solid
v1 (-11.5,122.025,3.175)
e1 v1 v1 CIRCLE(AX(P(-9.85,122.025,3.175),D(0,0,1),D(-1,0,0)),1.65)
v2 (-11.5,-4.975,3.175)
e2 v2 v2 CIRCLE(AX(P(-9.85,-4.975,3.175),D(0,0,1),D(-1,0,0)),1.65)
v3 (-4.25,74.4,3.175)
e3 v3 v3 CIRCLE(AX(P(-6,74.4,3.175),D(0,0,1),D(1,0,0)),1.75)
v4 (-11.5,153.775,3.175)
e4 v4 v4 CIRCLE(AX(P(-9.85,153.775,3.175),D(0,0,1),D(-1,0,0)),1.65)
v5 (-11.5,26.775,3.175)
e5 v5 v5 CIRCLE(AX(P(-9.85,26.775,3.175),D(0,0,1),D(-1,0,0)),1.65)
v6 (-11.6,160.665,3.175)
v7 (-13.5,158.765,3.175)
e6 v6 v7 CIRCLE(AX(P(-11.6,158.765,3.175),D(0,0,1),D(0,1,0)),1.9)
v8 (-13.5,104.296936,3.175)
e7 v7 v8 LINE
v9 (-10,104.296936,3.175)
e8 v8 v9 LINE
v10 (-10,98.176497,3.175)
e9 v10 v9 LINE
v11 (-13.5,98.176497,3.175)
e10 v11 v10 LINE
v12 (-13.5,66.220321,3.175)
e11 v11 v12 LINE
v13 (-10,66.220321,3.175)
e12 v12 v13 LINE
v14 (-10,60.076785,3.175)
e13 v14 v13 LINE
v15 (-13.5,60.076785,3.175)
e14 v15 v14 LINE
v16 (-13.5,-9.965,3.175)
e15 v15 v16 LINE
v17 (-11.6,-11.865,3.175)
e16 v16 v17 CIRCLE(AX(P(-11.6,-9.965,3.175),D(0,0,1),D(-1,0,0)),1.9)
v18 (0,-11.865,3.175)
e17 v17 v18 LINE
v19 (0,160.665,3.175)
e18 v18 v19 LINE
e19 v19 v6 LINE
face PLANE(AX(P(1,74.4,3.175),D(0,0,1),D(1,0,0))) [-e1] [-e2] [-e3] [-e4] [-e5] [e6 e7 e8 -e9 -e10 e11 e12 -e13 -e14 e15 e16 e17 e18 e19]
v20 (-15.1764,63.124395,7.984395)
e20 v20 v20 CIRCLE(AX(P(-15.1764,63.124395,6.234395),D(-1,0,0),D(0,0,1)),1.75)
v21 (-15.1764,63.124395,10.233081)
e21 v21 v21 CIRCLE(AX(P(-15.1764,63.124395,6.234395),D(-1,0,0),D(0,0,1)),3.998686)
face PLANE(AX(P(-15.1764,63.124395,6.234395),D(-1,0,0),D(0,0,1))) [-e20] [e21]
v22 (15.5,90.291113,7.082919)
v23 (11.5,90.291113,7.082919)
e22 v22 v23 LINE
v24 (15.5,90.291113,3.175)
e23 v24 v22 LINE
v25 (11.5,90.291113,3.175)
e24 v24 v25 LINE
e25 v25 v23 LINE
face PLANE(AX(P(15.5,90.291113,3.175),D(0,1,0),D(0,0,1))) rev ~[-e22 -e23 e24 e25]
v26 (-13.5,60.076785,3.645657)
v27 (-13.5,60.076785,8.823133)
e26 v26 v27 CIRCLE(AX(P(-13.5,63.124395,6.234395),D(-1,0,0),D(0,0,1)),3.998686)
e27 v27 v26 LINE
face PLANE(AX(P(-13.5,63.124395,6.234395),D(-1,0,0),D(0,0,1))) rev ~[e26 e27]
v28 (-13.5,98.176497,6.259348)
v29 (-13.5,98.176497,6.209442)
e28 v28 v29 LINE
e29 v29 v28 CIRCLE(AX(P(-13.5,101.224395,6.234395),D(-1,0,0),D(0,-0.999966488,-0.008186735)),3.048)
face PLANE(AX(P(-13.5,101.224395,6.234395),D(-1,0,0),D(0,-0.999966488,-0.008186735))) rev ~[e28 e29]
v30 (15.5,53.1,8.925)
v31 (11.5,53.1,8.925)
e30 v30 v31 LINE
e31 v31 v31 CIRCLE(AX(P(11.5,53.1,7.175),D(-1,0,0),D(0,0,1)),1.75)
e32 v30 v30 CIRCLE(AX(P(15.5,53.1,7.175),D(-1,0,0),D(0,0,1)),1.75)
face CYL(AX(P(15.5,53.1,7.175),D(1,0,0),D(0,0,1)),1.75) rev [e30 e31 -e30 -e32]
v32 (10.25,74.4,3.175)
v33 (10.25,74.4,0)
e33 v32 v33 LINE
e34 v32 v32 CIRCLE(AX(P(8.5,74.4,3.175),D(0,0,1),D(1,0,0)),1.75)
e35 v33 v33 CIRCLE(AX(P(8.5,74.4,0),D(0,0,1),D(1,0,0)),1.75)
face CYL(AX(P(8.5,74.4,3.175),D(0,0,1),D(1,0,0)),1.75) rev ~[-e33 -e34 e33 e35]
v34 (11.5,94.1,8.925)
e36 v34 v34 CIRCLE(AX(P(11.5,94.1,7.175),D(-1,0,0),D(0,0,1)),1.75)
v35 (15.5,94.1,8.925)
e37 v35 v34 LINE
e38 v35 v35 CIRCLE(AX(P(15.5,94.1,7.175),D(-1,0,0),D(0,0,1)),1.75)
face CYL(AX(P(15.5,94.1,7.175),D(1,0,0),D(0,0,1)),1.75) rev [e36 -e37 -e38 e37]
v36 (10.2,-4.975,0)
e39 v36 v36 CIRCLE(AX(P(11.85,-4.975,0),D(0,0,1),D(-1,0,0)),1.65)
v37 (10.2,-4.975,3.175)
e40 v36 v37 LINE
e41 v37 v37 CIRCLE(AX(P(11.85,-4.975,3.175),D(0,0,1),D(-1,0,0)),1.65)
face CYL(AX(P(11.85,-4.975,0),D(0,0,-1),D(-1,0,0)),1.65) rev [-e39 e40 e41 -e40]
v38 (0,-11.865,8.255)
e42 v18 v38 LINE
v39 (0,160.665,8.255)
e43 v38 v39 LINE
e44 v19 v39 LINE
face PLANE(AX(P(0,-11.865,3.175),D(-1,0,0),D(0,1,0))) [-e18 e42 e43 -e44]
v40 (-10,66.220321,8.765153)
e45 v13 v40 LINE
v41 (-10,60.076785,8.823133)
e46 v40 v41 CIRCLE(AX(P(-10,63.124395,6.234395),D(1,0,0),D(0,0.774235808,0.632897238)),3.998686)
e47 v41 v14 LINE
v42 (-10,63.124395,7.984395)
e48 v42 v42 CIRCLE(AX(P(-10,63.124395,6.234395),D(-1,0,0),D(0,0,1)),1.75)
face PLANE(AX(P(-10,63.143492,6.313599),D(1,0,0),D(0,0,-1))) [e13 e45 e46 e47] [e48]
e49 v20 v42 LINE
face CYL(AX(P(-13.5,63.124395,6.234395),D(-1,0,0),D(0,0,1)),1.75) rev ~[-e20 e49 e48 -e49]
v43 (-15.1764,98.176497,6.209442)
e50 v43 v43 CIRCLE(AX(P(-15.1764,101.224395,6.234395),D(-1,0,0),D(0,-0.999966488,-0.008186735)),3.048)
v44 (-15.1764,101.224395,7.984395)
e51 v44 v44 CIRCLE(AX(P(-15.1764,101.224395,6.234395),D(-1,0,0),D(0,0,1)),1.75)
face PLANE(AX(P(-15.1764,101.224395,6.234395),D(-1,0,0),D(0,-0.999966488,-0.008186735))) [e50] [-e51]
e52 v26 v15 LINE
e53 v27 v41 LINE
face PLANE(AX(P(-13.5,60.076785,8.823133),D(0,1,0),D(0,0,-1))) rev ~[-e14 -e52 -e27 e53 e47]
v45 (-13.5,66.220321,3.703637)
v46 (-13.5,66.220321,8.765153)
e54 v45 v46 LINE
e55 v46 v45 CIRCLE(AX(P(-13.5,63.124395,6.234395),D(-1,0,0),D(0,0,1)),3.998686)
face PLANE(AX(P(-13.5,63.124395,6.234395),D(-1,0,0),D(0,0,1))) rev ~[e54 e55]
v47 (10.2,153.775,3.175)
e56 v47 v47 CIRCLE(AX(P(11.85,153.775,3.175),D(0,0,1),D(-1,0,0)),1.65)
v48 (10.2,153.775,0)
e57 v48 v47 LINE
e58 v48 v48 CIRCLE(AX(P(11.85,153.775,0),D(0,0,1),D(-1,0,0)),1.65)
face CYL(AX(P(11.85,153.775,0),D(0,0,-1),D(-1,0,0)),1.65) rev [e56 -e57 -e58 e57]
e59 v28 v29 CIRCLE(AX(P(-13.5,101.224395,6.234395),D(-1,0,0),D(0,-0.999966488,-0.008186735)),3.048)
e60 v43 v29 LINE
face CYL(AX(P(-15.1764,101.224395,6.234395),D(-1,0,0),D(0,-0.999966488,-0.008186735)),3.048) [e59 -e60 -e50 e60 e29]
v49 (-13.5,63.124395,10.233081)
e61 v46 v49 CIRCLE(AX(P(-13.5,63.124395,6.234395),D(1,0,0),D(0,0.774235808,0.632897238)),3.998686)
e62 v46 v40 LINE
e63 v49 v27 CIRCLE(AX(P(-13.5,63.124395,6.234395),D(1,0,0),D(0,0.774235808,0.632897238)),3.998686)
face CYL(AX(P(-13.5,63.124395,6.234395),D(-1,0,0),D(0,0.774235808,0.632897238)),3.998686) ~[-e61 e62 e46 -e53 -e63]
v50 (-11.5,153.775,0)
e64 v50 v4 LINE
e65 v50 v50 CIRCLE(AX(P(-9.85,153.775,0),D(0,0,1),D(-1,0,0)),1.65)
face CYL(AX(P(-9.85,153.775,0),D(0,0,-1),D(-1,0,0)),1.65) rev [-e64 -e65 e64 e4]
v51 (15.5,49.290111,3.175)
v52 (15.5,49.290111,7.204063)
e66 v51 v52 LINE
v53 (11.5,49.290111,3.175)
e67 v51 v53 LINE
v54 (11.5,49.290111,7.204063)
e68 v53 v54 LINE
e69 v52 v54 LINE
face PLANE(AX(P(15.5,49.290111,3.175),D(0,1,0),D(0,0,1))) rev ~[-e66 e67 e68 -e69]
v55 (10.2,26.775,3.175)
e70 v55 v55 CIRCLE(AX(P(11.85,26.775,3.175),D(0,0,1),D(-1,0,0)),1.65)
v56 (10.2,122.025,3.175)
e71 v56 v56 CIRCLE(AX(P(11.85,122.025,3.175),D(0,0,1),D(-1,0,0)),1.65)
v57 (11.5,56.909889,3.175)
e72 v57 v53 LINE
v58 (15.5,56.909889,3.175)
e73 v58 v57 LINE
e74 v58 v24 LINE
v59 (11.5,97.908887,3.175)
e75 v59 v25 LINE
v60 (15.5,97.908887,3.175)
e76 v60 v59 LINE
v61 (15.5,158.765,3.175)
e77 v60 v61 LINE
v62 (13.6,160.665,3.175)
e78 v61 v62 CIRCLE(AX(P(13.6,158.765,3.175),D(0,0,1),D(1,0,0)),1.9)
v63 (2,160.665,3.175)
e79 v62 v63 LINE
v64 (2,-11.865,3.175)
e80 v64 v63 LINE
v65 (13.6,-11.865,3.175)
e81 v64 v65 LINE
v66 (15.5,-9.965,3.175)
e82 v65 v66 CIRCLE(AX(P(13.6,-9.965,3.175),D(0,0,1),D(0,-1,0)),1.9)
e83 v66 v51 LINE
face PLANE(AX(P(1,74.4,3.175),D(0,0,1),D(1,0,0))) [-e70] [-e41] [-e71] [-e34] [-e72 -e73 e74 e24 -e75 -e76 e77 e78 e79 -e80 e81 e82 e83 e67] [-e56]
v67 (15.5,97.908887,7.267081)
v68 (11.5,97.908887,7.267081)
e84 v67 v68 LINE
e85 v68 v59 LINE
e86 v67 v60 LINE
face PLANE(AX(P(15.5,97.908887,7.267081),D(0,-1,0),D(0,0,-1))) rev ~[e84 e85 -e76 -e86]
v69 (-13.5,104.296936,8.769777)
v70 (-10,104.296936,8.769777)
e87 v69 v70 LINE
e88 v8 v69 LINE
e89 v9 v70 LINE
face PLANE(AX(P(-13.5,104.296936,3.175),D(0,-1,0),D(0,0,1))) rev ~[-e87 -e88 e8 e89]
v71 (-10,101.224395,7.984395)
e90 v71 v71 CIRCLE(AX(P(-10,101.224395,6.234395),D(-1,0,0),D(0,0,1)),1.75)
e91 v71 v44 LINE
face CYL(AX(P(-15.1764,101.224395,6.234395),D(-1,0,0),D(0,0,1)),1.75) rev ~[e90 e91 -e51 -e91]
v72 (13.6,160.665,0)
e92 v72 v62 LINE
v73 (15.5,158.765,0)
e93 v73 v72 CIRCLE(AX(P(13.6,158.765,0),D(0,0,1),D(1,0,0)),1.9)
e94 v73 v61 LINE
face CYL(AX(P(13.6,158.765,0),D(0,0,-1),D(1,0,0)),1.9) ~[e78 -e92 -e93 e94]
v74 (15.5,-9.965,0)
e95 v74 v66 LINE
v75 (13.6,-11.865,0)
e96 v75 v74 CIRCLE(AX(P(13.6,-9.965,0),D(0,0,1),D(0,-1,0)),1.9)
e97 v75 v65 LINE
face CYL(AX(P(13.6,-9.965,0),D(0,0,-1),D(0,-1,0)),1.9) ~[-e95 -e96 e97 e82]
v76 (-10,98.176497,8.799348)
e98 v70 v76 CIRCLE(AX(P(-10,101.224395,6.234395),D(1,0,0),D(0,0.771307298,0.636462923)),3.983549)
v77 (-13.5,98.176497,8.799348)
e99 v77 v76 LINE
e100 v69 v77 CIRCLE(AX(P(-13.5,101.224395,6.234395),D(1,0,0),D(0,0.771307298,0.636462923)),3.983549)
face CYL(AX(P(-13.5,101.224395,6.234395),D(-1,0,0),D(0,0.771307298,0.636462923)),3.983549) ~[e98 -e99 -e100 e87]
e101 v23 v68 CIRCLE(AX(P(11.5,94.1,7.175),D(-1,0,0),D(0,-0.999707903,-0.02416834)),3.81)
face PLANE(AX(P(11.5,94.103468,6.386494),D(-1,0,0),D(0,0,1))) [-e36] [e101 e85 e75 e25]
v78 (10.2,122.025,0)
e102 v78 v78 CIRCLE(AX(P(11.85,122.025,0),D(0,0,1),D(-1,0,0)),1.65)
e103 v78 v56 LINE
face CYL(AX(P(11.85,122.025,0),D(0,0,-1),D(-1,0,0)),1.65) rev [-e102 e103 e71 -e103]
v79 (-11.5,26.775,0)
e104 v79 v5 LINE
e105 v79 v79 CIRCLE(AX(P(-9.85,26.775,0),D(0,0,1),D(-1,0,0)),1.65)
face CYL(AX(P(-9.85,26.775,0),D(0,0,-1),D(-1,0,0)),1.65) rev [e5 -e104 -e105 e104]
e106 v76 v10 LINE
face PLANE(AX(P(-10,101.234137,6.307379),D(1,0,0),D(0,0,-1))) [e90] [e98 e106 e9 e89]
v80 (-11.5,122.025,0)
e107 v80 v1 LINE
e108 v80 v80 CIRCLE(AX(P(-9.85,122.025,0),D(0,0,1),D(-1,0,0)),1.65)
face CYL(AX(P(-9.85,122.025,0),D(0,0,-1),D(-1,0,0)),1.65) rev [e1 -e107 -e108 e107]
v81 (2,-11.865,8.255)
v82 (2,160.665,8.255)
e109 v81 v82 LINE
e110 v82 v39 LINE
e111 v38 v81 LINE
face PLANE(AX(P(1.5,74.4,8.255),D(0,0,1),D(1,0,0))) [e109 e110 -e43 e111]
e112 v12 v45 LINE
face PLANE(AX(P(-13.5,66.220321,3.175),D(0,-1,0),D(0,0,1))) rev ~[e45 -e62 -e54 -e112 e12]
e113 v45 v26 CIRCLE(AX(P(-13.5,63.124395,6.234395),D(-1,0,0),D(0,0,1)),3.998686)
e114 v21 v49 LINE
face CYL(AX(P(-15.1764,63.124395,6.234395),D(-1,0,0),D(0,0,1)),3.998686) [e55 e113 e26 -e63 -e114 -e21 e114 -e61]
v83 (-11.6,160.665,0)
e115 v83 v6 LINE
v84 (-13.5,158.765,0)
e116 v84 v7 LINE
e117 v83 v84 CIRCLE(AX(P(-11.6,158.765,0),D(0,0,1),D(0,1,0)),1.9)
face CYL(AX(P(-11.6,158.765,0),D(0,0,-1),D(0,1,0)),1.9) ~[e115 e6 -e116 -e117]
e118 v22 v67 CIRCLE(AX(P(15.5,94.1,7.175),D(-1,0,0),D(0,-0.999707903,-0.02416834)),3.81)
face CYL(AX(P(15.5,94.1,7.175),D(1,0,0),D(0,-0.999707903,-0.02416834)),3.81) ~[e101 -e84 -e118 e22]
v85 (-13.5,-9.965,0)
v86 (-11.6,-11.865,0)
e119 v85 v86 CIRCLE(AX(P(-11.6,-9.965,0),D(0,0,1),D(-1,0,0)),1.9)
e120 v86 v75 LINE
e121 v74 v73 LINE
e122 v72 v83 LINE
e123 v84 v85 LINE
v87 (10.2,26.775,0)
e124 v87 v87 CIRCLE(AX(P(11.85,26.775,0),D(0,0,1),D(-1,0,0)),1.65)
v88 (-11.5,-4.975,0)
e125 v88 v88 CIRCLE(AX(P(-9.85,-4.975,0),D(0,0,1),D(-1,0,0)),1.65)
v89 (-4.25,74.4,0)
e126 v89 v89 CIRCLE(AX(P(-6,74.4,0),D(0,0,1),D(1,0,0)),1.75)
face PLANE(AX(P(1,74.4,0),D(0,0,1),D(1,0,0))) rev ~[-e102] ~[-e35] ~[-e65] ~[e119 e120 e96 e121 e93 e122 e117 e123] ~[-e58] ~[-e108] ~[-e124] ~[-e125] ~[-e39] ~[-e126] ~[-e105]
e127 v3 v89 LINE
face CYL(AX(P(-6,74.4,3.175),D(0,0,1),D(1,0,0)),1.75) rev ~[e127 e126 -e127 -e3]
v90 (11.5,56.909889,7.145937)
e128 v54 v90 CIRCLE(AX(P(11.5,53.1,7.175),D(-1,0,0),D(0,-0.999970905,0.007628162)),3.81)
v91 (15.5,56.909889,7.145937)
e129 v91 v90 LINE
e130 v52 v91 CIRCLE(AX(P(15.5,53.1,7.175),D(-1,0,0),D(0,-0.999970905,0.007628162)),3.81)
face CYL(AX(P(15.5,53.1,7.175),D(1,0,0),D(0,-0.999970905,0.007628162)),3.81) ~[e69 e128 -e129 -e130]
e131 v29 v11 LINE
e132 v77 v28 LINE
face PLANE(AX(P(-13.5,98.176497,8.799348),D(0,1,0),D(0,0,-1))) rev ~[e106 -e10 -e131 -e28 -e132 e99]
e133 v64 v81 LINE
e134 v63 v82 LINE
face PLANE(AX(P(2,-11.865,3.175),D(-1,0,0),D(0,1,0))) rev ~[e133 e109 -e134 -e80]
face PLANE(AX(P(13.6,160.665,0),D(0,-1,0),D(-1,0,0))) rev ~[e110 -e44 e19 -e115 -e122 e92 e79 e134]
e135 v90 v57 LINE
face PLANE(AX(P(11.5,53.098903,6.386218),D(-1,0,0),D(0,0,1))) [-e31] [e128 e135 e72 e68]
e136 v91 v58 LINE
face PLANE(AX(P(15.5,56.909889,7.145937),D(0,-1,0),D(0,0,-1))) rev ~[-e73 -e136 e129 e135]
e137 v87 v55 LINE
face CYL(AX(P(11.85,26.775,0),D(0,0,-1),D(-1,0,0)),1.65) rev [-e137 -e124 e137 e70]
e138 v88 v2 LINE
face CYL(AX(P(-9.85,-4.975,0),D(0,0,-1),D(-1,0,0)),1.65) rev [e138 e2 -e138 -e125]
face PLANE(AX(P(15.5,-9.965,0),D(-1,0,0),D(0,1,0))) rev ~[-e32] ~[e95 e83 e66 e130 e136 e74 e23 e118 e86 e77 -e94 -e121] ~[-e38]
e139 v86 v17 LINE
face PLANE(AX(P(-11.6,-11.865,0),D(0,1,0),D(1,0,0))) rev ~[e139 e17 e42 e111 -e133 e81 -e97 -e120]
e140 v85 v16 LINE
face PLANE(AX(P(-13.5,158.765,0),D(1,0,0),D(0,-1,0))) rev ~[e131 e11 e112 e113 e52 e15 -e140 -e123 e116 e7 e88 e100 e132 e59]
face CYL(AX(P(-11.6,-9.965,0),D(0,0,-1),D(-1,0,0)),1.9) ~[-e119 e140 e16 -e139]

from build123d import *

# Parameters (mm, degrees)
SKETCH1_R           = 1.65
BOSS_EXTRUDE1_DEPTH = 3.175
SKETCH2_W           = 1
SKETCH2_H           = 172.53
BOSS_EXTRUDE2_DEPTH = 5.08
SKETCH4_R           = 1.75
BOSS_EXTRUDE3_DEPTH = 3.5
BOSS_EXTRUDE4_START = 1.6764
SKETCH5_R           = 3.048
SKETCH5_R_2         = 1.75
SKETCH5_R_3         = 3.998686497
BOSS_EXTRUDE4_DEPTH = 1.6764
SKETCH6_R           = 1.75
BOSS_EXTRUDE5_DEPTH = 4
SKETCH7_R           = 1.75
CUT_EXTRUDE1_DEPTH  = 4.54
SKETCH8_R           = 1.75
CUT_EXTRUDE2_DEPTH  = 162.599778233


with BuildPart() as part:
    # Sketch1 → Boss-Extrude1 (new body)
    with BuildSketch(Plane.XY):
        with BuildLine():
            Line((13.6, 160.665), (-11.6, 160.665))
            ThreePointArc((-11.6, 160.665), (-12.943502884, 160.108502884), (-13.5, 158.765))
            Line((-13.5, 158.765), (-13.5, -9.965))
            ThreePointArc((-13.5, -9.965), (-12.943502884, -11.308502884), (-11.6, -11.865))
            Line((-11.6, -11.865), (13.6, -11.865))
            ThreePointArc((13.6, -11.865), (14.943502884, -11.308502884), (15.5, -9.965))
            Line((15.5, -9.965), (15.5, 158.765))
            ThreePointArc((15.5, 158.765), (14.943502884, 160.108502884), (13.6, 160.665))
        make_face()
        with Locations(Location((-9.85, -4.975, 0), (0, 0, 180))):
            Circle(SKETCH1_R, mode=Mode.SUBTRACT)
        with Locations(Location((-9.85, 26.775, 0), (0, 0, 180))):
            Circle(SKETCH1_R, mode=Mode.SUBTRACT)
        with Locations(Location((11.85, -4.975, 0), (0, 0, 180))):
            Circle(SKETCH1_R, mode=Mode.SUBTRACT)
        with Locations(Location((11.85, 26.775, 0), (0, 0, 180))):
            Circle(SKETCH1_R, mode=Mode.SUBTRACT)
        with Locations(Location((-9.85, 122.025, 0), (0, 0, 180))):
            Circle(SKETCH1_R, mode=Mode.SUBTRACT)
        with Locations(Location((-9.85, 153.775, 0), (0, 0, 180))):
            Circle(SKETCH1_R, mode=Mode.SUBTRACT)
        with Locations(Location((11.85, 122.025, 0), (0, 0, 180))):
            Circle(SKETCH1_R, mode=Mode.SUBTRACT)
        with Locations(Location((11.85, 153.775, 0), (0, 0, 180))):
            Circle(SKETCH1_R, mode=Mode.SUBTRACT)
    extrude(amount=BOSS_EXTRUDE1_DEPTH)

    # Sketch2 → Boss-Extrude2 (add)
    with BuildSketch(Plane.XY.offset(3.175)):
        with Locations((1.5, 74.4)):
            Rectangle(SKETCH2_W, SKETCH2_H)
        with Locations((0.5, 74.4)):
            Rectangle(SKETCH2_W, SKETCH2_H)
    extrude(amount=BOSS_EXTRUDE2_DEPTH)

    # Sketch4 → Boss-Extrude3 (add)
    # profile 1 of 2: a face of its own
    with BuildSketch(Plane.ZY.offset(13.5)):
        with BuildLine():
            Line((8.82313313, 60.076784691), (3.175, 60.076784691))
            Line((3.175, 60.076784691), (3.175, 66.220321271))
            Line((3.175, 66.220321271), (8.765152639, 66.220321271))
            ThreePointArc((8.765152639, 66.220321271), (10.232903429, 63.162131486), (8.82313313, 60.076784691))
        make_face()
        with Locations((6.234395, 63.124395)):
            Circle(SKETCH4_R, mode=Mode.SUBTRACT)
    # profile 2 of 2: a face of its own
    with BuildSketch(Plane.ZY.offset(13.5)):
        with BuildLine():
            Line((8.799348167, 98.176497144), (3.175, 98.176497144))
            Line((3.175, 98.176497144), (3.175, 104.29693575))
            Line((3.175, 104.29693575), (8.769776515, 104.29693575))
            ThreePointArc((8.769776515, 104.29693575), (10.217897937, 101.243641784), (8.799348167, 98.176497144))
        make_face()
        with Locations((6.234395, 101.224395)):
            Circle(SKETCH4_R, mode=Mode.SUBTRACT)
    extrude(amount=-BOSS_EXTRUDE3_DEPTH)

    # Sketch5 → Boss-Extrude4 (add)
    # profile 1 of 2: a face of its own
    with BuildSketch(Plane.ZY.offset(13.5).offset(BOSS_EXTRUDE4_START)):
        with Locations(Location((6.234395, 101.224395, 0), (0, 0, 269.530929423))):
            Circle(SKETCH5_R)
        with Locations((6.234395, 101.224395)):
            Circle(SKETCH5_R_2, mode=Mode.SUBTRACT)
    # profile 2 of 2: a face of its own
    with BuildSketch(Plane.ZY.offset(13.5).offset(BOSS_EXTRUDE4_START)):
        with Locations((6.234395, 63.124395)):
            Circle(SKETCH5_R_3)
        with Locations((6.234395, 63.124395)):
            Circle(SKETCH5_R_2, mode=Mode.SUBTRACT)
    extrude(amount=-BOSS_EXTRUDE4_DEPTH)

    # Sketch6 → Boss-Extrude5 (add)
    # profile 1 of 2: a face of its own
    with BuildSketch(Plane.ZY.offset(-15.5)):
        with BuildLine():
            Line((7.145936701, 56.909889149), (3.175, 56.909889149))
            Line((3.175, 56.909889149), (3.175, 49.290110851))
            Line((3.175, 49.290110851), (7.204063299, 49.290110851))
            ThreePointArc((7.204063299, 49.290110851), (10.984889149, 53.129063299), (7.145936701, 56.909889149))
        make_face()
        with Locations((7.175, 53.1)):
            Circle(SKETCH6_R, mode=Mode.SUBTRACT)
    # profile 2 of 2: a face of its own
    with BuildSketch(Plane.ZY.offset(-15.5)):
        with BuildLine():
            Line((7.267081375, 97.90888711), (3.175, 97.90888711))
            Line((3.175, 97.90888711), (3.175, 90.29111289))
            Line((3.175, 90.29111289), (7.082918625, 90.29111289))
            ThreePointArc((7.082918625, 90.29111289), (10.98388711, 94.007918625), (7.267081375, 97.90888711))
        make_face()
        with Locations((7.175, 94.1)):
            Circle(SKETCH6_R, mode=Mode.SUBTRACT)
    extrude(amount=BOSS_EXTRUDE5_DEPTH)

    # Sketch7 → Cut-Extrude1 (cut)
    with BuildSketch(Plane.XY.offset(3.175)):
        with Locations((8.5, 74.4)):
            Circle(SKETCH7_R)
    extrude(amount=-CUT_EXTRUDE1_DEPTH, mode=Mode.SUBTRACT)

    # Sketch8 → Cut-Extrude2 (cut, through all)
    with BuildSketch(Plane.XY.offset(3.175)):
        with Locations((-6, 74.4)):
            Circle(SKETCH8_R)
    extrude(amount=-CUT_EXTRUDE2_DEPTH, mode=Mode.SUBTRACT)


solid = part.part
